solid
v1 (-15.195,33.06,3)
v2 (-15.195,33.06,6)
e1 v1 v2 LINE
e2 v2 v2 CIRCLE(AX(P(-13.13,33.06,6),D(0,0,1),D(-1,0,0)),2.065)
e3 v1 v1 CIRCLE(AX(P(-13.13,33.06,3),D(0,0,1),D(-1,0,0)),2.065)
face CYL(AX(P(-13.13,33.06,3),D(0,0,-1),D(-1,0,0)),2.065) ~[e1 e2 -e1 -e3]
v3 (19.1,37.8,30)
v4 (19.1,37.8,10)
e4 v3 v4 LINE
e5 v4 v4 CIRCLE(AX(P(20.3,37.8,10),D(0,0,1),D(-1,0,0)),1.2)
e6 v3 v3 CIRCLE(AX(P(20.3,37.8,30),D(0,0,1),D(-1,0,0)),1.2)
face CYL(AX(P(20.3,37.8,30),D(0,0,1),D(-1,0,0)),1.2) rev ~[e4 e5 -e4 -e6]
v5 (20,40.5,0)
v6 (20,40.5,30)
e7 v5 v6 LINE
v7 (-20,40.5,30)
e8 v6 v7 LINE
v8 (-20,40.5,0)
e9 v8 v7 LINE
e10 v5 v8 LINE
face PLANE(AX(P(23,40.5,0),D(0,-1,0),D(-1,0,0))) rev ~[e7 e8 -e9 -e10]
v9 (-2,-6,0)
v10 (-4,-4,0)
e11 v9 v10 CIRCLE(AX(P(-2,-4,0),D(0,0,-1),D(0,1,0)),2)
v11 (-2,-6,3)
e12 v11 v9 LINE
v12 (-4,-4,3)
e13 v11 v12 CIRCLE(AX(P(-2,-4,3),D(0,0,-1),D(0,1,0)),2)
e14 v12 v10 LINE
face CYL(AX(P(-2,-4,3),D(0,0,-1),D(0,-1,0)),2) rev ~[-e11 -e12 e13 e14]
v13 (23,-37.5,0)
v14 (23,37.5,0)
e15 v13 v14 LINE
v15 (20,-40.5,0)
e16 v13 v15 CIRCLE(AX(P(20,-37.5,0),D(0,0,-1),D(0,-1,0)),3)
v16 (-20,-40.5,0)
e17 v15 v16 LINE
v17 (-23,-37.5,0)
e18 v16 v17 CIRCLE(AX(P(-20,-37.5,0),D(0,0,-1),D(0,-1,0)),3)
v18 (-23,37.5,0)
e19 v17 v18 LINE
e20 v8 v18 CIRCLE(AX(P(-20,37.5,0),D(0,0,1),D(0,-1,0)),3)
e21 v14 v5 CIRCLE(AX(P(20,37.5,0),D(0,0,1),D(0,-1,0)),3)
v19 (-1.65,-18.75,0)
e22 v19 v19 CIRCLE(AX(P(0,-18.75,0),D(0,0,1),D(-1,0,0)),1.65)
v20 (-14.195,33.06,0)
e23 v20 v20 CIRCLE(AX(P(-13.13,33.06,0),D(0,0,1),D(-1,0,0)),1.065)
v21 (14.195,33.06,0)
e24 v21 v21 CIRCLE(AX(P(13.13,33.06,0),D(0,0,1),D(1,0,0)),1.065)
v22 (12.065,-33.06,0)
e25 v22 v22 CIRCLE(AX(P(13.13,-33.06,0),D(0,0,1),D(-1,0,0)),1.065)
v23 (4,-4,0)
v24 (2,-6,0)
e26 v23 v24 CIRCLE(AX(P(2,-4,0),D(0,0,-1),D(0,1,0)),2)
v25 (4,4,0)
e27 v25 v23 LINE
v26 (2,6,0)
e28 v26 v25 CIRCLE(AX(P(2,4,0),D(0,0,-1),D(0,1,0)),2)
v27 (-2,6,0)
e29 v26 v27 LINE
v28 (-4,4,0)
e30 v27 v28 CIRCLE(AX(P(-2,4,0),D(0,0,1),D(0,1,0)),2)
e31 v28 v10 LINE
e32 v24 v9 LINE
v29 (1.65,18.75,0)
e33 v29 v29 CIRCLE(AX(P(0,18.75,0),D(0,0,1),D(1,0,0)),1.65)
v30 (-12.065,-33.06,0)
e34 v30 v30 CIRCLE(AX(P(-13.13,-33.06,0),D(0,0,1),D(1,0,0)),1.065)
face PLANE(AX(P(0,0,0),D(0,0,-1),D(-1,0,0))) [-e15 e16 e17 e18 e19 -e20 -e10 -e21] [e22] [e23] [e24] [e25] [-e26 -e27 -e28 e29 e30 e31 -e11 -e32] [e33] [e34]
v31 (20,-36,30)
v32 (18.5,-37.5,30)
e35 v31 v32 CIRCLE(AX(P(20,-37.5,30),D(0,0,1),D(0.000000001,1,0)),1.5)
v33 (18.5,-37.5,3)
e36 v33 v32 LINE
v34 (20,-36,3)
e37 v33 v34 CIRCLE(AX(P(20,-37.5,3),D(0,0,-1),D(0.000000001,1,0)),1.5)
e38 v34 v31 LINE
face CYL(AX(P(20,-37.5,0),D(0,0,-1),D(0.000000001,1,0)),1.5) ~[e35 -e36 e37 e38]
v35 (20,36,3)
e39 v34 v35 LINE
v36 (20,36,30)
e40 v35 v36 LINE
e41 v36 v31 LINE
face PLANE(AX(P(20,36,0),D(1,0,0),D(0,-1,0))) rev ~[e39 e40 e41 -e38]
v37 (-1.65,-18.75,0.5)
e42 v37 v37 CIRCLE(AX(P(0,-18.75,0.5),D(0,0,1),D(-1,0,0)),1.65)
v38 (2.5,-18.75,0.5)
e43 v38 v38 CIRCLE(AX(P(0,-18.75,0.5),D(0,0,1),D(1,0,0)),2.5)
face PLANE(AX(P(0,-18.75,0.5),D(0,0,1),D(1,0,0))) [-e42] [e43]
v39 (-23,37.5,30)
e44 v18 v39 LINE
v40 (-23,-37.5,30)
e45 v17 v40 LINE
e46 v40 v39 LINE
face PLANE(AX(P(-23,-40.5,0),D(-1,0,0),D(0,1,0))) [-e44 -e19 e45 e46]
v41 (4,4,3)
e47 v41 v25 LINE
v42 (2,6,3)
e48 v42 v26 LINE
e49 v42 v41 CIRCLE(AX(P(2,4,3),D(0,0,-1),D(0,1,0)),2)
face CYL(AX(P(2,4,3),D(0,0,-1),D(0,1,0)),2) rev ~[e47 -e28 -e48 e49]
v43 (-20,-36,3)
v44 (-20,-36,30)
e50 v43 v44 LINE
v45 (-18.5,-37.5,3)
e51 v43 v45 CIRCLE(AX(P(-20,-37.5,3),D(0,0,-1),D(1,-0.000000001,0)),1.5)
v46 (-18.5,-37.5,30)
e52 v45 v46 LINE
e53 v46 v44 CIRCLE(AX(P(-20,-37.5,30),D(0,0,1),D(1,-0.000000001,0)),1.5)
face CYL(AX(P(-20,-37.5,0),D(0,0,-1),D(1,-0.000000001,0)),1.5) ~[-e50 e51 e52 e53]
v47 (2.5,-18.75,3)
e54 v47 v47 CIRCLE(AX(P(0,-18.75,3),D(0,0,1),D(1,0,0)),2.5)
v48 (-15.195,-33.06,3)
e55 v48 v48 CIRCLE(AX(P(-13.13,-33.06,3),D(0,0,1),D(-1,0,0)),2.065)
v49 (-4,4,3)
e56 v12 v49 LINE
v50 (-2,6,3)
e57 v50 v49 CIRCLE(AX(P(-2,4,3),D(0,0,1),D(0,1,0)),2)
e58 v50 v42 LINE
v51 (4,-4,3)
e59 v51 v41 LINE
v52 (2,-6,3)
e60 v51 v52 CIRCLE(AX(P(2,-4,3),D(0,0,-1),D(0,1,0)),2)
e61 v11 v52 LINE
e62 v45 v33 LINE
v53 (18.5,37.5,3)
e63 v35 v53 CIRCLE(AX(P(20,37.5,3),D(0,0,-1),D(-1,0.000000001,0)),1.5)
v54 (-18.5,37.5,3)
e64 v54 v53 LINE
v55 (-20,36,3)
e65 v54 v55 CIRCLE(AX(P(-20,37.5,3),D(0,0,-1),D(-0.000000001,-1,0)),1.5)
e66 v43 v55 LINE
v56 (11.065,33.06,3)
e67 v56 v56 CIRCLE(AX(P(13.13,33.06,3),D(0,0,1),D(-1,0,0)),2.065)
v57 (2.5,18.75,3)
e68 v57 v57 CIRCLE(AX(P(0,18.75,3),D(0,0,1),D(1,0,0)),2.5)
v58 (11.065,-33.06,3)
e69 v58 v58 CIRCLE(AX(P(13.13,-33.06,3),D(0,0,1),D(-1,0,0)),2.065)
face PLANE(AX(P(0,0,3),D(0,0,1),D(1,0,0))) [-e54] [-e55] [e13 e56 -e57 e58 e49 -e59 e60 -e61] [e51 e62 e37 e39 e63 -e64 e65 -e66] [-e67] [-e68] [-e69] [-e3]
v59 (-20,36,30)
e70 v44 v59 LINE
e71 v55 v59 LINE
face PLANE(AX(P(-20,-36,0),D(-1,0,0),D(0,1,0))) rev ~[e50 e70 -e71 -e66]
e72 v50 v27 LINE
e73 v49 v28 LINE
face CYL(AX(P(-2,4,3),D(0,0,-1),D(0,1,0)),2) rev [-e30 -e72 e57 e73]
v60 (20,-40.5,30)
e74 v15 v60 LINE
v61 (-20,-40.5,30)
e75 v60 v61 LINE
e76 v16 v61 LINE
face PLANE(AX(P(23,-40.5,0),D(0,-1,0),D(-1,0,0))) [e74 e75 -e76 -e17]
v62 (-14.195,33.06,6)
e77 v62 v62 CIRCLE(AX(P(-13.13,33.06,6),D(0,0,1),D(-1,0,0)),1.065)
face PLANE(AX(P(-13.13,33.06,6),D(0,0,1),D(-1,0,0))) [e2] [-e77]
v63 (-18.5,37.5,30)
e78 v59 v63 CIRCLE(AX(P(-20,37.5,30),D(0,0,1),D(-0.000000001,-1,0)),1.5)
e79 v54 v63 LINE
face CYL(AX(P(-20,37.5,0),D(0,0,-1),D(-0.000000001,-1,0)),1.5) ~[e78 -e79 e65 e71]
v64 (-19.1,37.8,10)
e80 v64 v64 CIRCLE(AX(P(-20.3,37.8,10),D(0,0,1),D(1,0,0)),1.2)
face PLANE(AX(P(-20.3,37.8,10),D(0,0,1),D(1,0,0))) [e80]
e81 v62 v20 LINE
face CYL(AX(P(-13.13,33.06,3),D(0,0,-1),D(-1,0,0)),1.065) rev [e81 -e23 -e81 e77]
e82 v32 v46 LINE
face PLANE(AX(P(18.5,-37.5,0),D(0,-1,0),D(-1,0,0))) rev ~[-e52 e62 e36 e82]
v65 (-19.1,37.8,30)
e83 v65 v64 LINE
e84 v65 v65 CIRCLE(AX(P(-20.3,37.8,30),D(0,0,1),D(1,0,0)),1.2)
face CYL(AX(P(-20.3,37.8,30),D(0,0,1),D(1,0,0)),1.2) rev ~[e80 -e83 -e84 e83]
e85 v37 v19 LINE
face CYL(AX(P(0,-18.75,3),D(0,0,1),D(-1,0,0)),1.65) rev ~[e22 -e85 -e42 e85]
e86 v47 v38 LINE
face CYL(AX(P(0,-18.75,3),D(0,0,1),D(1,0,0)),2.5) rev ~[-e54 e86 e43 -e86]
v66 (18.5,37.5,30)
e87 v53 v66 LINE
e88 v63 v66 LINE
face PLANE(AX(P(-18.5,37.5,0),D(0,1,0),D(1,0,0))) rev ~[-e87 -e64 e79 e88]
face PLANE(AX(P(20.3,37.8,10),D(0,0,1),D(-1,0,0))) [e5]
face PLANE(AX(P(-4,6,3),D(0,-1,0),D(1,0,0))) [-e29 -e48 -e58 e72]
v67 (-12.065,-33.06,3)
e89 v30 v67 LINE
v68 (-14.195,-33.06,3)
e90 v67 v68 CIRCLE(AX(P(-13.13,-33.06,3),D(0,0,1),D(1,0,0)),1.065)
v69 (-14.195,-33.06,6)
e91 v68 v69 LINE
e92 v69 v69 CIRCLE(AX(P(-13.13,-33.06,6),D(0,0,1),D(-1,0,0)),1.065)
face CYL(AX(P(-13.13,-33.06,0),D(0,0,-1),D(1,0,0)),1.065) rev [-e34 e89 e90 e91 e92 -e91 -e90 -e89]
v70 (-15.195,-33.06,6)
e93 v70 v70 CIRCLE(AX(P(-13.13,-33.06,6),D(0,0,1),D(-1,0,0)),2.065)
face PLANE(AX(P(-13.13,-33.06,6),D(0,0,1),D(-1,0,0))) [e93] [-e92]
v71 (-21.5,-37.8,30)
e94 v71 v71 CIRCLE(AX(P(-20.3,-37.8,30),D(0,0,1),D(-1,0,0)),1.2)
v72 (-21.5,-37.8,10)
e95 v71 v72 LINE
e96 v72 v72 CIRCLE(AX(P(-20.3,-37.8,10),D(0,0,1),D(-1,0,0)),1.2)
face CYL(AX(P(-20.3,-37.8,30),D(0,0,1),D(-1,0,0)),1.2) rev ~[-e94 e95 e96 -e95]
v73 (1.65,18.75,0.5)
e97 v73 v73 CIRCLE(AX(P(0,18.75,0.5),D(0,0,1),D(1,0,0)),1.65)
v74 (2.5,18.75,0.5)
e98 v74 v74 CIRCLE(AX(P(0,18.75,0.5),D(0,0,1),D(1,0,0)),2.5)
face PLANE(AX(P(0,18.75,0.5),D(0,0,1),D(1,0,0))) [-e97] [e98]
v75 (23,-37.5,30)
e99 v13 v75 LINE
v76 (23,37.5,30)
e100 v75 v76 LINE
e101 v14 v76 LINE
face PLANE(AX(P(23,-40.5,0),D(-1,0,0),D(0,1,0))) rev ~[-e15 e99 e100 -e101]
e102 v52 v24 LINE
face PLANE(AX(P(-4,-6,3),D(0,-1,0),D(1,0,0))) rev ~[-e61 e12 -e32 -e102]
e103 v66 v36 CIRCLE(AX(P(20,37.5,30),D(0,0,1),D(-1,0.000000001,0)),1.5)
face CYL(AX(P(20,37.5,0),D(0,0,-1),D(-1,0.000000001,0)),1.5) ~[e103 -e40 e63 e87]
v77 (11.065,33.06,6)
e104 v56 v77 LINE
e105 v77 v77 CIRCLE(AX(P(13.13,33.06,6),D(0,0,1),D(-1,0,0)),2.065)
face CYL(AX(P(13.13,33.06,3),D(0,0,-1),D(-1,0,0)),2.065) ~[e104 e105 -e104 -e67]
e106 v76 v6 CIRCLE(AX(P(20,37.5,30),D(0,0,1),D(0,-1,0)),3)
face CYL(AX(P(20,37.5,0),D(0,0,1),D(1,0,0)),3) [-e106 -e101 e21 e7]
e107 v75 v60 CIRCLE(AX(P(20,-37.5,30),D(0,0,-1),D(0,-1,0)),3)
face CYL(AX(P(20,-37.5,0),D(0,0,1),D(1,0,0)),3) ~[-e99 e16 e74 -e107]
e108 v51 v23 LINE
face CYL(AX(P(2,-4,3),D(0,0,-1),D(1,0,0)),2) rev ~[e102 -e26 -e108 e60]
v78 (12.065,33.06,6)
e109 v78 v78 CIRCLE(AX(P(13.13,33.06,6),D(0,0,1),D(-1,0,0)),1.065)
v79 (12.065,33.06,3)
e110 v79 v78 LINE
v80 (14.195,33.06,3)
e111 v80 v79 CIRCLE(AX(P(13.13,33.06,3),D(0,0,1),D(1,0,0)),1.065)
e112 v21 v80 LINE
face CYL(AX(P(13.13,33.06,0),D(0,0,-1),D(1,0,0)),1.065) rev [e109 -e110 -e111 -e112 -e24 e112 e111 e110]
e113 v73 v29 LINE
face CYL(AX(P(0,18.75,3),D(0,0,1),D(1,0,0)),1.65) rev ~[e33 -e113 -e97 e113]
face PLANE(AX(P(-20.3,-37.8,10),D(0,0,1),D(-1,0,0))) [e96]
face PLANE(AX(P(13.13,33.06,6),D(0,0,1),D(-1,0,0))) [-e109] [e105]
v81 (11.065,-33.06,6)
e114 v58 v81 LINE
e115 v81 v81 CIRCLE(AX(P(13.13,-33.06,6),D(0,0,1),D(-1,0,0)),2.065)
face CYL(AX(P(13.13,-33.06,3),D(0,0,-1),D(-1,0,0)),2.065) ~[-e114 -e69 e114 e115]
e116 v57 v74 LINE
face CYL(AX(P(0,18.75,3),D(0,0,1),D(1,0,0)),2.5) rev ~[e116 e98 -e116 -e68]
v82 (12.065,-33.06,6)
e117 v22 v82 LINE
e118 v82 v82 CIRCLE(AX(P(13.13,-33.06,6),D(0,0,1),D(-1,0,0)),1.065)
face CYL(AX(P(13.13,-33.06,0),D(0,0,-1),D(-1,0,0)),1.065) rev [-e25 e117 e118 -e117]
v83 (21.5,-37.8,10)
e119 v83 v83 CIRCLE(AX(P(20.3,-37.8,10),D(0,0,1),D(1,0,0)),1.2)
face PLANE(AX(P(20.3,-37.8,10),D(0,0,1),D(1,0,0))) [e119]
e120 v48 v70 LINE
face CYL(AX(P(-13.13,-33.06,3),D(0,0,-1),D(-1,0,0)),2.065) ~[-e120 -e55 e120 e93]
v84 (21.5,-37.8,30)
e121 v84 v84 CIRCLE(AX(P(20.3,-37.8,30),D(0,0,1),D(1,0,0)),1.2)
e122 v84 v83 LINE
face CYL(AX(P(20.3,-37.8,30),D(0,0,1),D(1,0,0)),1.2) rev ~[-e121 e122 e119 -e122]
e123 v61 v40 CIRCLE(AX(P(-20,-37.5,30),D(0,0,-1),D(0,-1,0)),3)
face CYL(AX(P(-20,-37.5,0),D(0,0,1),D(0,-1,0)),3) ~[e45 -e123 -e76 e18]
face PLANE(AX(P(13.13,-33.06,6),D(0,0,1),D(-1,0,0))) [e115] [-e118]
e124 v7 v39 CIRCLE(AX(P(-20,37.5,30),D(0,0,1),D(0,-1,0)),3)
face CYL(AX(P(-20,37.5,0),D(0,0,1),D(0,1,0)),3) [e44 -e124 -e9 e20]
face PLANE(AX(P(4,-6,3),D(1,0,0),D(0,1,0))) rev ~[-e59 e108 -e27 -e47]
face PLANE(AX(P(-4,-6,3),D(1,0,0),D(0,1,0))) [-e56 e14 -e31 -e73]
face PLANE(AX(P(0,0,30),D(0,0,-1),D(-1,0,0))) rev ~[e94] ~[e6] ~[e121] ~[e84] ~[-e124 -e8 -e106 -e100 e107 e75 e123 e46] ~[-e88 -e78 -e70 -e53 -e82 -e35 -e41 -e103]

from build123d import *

# Parameters (mm, degrees)
SKETCH1_W           = 40
SKETCH1_H           = 75
SKETCH1_R           = 1.065
BOSS_EXTRUDE1_DEPTH = 3
SKETCH2_R           = 2.065
SKETCH2_R_2         = 1.065
BOSS_EXTRUDE2_DEPTH = 3
SKETCH4_W           = 46
SKETCH4_H           = 81
BOSS_EXTRUDE3_DEPTH = 30
SKETCH5_W           = 8
SKETCH5_H           = 12
CUT_EXTRUDE1_DEPTH  = 25
FILLET2_R           = 2
SKETCH6_R           = 1.2
CUT_EXTRUDE2_DEPTH  = 20
SKETCH7_R           = 1.65
CUT_EXTRUDE3_DEPTH  = 20
SKETCH8_R           = 2.5
CUT_EXTRUDE4_DEPTH  = 2.5
FILLET3_R           = 3


with BuildPart() as part:
    # Sketch1 → Boss-Extrude1 (new body)
    with BuildSketch(Plane.XY):
        Rectangle(SKETCH1_W, SKETCH1_H)
        with Locations((13.13, 33.06)):
            Circle(SKETCH1_R, mode=Mode.SUBTRACT)
        with Locations(Location((-13.13, 33.06, 0), (0, 0, 180))):
            Circle(SKETCH1_R, mode=Mode.SUBTRACT)
        with Locations((-13.13, -33.06)):
            Circle(SKETCH1_R, mode=Mode.SUBTRACT)
        with Locations(Location((13.13, -33.06, 0), (0, 0, 180))):
            Circle(SKETCH1_R, mode=Mode.SUBTRACT)
    extrude(amount=BOSS_EXTRUDE1_DEPTH)

    # Sketch2 → Boss-Extrude2 (add)
    # profile 1 of 4: a face of its own
    with BuildSketch(Plane.XY.offset(3)):
        with Locations(Location((-13.13, 33.06, 0), (0, 0, 180))):
            Circle(SKETCH2_R)
        with Locations(Location((-13.13, 33.06, 0), (0, 0, 180))):
            Circle(SKETCH2_R_2, mode=Mode.SUBTRACT)
    # profile 2 of 4: a face of its own
    with BuildSketch(Plane.XY.offset(3)):
        with Locations(Location((13.13, 33.06, 0), (0, 0, 180))):
            Circle(SKETCH2_R)
        with Locations(Location((13.13, 33.06, 0), (0, 0, 180))):
            Circle(SKETCH2_R_2, mode=Mode.SUBTRACT)
    # profile 3 of 4: a face of its own
    with BuildSketch(Plane.XY.offset(3)):
        with Locations(Location((13.13, -33.06, 0), (0, 0, 180))):
            Circle(SKETCH2_R)
        with Locations(Location((13.13, -33.06, 0), (0, 0, 180))):
            Circle(SKETCH2_R_2, mode=Mode.SUBTRACT)
    # profile 4 of 4: a face of its own
    with BuildSketch(Plane.XY.offset(3)):
        with Locations(Location((-13.13, -33.06, 0), (0, 0, 180))):
            Circle(SKETCH2_R)
        with Locations(Location((-13.13, -33.06, 0), (0, 0, 180))):
            Circle(SKETCH2_R_2, mode=Mode.SUBTRACT)
    extrude(amount=BOSS_EXTRUDE2_DEPTH)

    # Sketch4 → Boss-Extrude3 (add)
    with BuildSketch(Plane(origin=(0, 0, 0), x_dir=(-1, 0, 0), z_dir=(0, 0, -1))):
        Rectangle(SKETCH4_W, SKETCH4_H)
        with BuildLine():
            Line((-18.5, -37.5), (18.5, -37.5))
            ThreePointArc((18.5, -37.5), (18.939339828, -36.439339828), (20, -36))
            Line((20, -36), (20, 36))
            ThreePointArc((20, 36), (18.939339828, 36.439339828), (18.5, 37.5))
            Line((18.5, 37.5), (-18.5, 37.5))
            ThreePointArc((-18.5, 37.5), (-18.939339828, 36.439339828), (-20, 36))
            Line((-20, 36), (-20, -36))
            ThreePointArc((-20, -36), (-18.939339828, -36.439339828), (-18.5, -37.5))
        make_face(mode=Mode.SUBTRACT)
    extrude(amount=-BOSS_EXTRUDE3_DEPTH)

    # Sketch5 → Cut-Extrude1 (cut)
    with BuildSketch(Plane.XY.offset(3)):
        Rectangle(SKETCH5_W, SKETCH5_H)
    extrude(amount=-CUT_EXTRUDE1_DEPTH, mode=Mode.SUBTRACT)

    # Fillet2
    fillet2_edges = [part.edges().sort_by_distance(p)[0] for p in [
        (4, 6, 1.5),
        (4, -6, 1.5),
        (-4, -6, 1.5),
        (-4, 6, 1.5),
    ]]
    fillet(fillet2_edges, radius=FILLET2_R)

    # Sketch6 → Cut-Extrude2 (cut)
    with BuildSketch(Plane.XY.offset(30)):
        with Locations((-20.3, 37.8)):
            Circle(SKETCH6_R)
        with Locations(Location((20.3, 37.8, 0), (0, 0, 180))):
            Circle(SKETCH6_R)
        with Locations((20.3, -37.8)):
            Circle(SKETCH6_R)
        with Locations(Location((-20.3, -37.8, 0), (0, 0, 180))):
            Circle(SKETCH6_R)
    extrude(amount=-CUT_EXTRUDE2_DEPTH, mode=Mode.SUBTRACT)

    # Sketch7 → Cut-Extrude3 (cut)
    with BuildSketch(Plane.XY.offset(3)):
        with Locations((0, 18.75)):
            Circle(SKETCH7_R)
        with Locations(Location((0, -18.75, 0), (0, 0, 180))):
            Circle(SKETCH7_R)
    extrude(amount=-CUT_EXTRUDE3_DEPTH, mode=Mode.SUBTRACT)

    # Sketch8 → Cut-Extrude4 (cut)
    with BuildSketch(Plane.XY.offset(3)):
        with Locations((0, 18.75)):
            Circle(SKETCH8_R)
        with Locations((0, -18.75)):
            Circle(SKETCH8_R)
    extrude(amount=-CUT_EXTRUDE4_DEPTH, mode=Mode.SUBTRACT)

    # Fillet3
    fillet3_edges = [part.edges().sort_by_distance(p)[0] for p in [
        (-23, 40.5, 15),
        (-23, -40.5, 15),
        (23, -40.5, 15),
        (23, 40.5, 15),
    ]]
    fillet(fillet3_edges, radius=FILLET3_R)


solid = part.part
